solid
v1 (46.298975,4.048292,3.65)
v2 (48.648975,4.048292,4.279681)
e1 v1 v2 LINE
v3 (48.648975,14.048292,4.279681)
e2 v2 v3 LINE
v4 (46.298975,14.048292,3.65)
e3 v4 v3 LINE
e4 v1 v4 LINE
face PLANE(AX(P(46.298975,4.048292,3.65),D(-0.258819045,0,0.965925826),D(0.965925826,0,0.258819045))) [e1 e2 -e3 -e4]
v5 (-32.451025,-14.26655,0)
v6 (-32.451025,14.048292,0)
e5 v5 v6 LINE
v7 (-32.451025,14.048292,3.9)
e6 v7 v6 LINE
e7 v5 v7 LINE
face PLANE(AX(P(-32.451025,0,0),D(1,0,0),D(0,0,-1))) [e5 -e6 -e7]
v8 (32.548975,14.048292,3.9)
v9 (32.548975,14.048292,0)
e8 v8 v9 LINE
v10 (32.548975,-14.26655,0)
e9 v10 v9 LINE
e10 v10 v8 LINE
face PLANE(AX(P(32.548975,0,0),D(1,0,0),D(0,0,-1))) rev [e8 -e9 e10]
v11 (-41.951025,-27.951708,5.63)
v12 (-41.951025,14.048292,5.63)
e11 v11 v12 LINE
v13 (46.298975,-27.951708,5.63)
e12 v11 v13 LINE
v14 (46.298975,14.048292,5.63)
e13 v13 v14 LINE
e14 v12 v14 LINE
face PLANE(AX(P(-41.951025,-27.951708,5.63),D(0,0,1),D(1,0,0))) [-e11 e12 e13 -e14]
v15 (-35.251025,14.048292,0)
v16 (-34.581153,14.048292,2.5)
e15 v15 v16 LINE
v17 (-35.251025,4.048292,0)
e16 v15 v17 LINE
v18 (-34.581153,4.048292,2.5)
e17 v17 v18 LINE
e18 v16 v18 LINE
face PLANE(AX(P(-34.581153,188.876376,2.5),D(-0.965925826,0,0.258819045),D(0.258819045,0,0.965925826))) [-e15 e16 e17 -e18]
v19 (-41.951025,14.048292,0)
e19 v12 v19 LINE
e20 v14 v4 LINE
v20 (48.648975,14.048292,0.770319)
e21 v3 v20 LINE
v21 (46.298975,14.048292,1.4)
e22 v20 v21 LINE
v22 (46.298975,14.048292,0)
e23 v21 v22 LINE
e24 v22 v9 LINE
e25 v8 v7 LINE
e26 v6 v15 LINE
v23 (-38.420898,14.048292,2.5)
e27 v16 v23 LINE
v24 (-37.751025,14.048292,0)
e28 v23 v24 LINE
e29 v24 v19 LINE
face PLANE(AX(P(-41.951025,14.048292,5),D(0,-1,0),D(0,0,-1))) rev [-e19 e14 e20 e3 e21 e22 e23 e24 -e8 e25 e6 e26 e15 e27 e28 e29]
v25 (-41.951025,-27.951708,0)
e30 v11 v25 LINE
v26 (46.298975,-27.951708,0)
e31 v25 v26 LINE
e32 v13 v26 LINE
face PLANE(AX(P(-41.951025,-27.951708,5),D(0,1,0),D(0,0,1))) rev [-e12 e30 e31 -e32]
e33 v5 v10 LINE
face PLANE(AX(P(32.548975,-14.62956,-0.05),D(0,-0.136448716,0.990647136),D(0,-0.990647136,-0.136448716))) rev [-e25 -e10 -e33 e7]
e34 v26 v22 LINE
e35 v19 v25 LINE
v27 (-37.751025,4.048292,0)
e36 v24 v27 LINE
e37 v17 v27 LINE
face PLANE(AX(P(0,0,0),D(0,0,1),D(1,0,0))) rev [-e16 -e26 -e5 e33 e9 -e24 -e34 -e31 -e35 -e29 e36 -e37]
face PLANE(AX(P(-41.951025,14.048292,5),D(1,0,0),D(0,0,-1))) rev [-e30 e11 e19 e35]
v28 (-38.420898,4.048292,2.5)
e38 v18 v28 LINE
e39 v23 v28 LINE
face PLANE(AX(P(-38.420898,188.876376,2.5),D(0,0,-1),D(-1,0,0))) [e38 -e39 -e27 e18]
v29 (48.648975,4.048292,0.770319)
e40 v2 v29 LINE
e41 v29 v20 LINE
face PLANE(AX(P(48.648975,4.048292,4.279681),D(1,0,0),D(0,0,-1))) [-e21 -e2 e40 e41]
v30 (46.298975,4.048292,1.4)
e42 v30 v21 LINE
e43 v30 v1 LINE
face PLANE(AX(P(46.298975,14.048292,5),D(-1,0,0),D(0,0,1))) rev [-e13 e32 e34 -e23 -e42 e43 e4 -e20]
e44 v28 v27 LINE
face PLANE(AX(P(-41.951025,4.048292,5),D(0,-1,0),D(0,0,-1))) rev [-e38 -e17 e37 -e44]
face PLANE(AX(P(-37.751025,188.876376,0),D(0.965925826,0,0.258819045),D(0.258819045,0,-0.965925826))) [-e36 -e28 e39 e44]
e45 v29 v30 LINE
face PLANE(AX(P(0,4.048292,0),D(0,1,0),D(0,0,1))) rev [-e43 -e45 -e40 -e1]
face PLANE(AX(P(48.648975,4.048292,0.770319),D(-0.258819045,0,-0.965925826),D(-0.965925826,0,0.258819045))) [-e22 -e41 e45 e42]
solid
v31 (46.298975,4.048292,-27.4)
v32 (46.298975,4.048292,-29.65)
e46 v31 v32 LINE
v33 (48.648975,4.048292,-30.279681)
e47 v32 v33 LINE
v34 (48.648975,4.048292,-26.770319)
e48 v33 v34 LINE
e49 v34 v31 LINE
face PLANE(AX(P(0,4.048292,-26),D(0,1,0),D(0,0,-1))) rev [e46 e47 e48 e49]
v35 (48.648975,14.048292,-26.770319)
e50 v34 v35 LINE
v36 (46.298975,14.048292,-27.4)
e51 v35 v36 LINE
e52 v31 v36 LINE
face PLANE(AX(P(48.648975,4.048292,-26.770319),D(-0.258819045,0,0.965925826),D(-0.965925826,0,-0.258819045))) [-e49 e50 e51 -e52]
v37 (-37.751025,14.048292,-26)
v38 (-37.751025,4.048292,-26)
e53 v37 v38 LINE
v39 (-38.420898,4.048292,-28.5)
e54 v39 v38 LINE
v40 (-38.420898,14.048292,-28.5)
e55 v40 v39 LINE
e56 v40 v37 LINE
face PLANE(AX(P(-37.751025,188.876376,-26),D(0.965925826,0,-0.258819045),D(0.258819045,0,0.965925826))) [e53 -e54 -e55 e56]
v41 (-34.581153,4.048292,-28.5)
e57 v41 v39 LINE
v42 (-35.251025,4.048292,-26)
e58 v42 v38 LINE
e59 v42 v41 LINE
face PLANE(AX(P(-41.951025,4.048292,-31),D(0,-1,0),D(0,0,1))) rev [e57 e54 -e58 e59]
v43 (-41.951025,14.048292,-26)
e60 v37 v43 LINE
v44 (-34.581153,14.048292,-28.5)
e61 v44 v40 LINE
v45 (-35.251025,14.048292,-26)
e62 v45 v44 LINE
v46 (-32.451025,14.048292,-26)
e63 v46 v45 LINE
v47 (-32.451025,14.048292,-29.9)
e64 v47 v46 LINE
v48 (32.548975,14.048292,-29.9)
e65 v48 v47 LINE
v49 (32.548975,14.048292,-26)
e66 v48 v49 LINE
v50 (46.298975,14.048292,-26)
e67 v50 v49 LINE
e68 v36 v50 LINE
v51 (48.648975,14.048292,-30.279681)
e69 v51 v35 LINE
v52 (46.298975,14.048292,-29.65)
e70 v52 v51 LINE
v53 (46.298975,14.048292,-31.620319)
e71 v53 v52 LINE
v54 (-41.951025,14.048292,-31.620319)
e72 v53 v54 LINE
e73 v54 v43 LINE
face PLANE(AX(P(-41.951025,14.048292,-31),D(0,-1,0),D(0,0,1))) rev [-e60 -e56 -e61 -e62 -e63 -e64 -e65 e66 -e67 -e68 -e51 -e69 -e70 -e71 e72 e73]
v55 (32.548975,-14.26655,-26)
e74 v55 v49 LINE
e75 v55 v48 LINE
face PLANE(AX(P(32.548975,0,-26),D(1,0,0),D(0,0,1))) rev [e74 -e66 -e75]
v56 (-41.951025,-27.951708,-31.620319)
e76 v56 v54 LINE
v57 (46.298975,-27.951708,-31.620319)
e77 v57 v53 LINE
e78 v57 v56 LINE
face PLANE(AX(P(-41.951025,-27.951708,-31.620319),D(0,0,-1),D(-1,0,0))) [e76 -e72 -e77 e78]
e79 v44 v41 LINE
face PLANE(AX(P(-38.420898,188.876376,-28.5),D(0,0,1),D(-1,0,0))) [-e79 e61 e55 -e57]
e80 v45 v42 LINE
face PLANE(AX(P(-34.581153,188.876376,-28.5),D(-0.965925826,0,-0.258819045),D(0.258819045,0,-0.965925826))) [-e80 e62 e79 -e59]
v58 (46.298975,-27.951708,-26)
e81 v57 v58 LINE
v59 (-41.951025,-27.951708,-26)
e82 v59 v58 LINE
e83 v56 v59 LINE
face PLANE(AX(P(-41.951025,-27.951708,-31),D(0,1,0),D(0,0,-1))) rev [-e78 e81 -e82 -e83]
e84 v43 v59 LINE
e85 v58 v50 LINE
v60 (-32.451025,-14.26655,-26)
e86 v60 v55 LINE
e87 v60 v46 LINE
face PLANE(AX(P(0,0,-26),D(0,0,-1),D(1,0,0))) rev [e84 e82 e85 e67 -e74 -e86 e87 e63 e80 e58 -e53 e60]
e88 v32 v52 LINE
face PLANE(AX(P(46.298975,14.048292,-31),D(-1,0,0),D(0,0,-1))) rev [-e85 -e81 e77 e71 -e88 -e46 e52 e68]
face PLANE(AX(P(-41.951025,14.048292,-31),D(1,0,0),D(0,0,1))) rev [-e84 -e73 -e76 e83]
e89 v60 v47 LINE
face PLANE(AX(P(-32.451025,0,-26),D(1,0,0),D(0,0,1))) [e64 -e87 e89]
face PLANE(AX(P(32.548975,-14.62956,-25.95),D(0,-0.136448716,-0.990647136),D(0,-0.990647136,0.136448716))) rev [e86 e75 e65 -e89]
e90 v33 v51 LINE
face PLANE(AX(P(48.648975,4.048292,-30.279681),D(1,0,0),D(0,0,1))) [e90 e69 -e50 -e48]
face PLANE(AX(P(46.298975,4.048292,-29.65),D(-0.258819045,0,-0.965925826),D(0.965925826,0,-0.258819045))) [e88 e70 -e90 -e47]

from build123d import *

# Parameters (mm, degrees)
SKETCH1_W               = 88.25
SKETCH1_H               = 42
BOSS_EXTRUDE1_DEPTH     = 5
CUT_EXTRUDE1_DEPTH      = 1
CUT_EXTRUDE1_DEPTH_BACK = 10
BOSS_EXTRUDE2_DEPTH     = 10
CUT_EXTRUDE2_DEPTH      = 65
SKETCH7_W               = 88.25
SKETCH7_H               = 0.63
SKETCH7_H_2             = 0.620319398
BOSS_EXTRUDE3_DEPTH     = 42


with BuildPart() as part:
    # Sketch1 → Boss-Extrude1 (new body)
    with BuildSketch(Plane.XY):
        with Locations((2.173974505, -6.951707737)):
            Rectangle(SKETCH1_W, SKETCH1_H)
    extrude(amount=BOSS_EXTRUDE1_DEPTH)

    # Sketch2 → Cut-Extrude1 (cut, two sides)
    with BuildSketch(Plane(origin=(0, 14.048292263, 0), x_dir=(1, 0, 0), z_dir=(0, 1, 0))) as cut_extrude1_sk:
        Polygon((-35.251025495, 0), (-37.751025495, 0), (-38.420898476, -2.5), (-34.581152514, -2.5), align=None)
    extrude(amount=CUT_EXTRUDE1_DEPTH, mode=Mode.SUBTRACT)
    extrude(cut_extrude1_sk.sketch, amount=-CUT_EXTRUDE1_DEPTH_BACK, mode=Mode.SUBTRACT)

    # Sketch3 → Boss-Extrude2 (add)
    with BuildSketch(Plane(origin=(0, 14.048292263, 0), x_dir=(1, 0, 0), z_dir=(0, 1, 0))):
        Polygon((46.298974505, -3.65), (48.648974505, -4.279680602), (48.648974505, -0.770319398), (46.298974505, -1.4), align=None)
    extrude(amount=-BOSS_EXTRUDE2_DEPTH)

    # Sketch6 → Cut-Extrude2 (cut)
    with BuildSketch(Plane.ZY.offset(32.451025495)):
        Polygon((-0.05, -14.629560467), (0, 14.048292263), (3.9, 14.048292263), align=None)
    extrude(amount=-CUT_EXTRUDE2_DEPTH, mode=Mode.SUBTRACT)


with BuildPart() as body_2:
    # Mirror3: mirrored copy
    add(part.part.mirror(Plane(origin=(0, 0, -13), x_dir=(1, 0, 0), z_dir=(0, 0, -1))))


with BuildPart() as part_1:
    add(part.part)

    add(body_2.part)  # Boss-Extrude3 merges body 2
    # Sketch7 → Boss-Extrude3 (add)
    with BuildSketch(Plane(origin=(0, 14.048292263, 0), x_dir=(1, 0, 0), z_dir=(0, 1, 0))):
        with Locations((2.173974505, -5.315)):
            Rectangle(SKETCH7_W, SKETCH7_H)
        with Locations((2.173974505, 31.310159699)):
            Rectangle(SKETCH7_W, SKETCH7_H_2)
    extrude(amount=-BOSS_EXTRUDE3_DEPTH)


solid = part_1.part
